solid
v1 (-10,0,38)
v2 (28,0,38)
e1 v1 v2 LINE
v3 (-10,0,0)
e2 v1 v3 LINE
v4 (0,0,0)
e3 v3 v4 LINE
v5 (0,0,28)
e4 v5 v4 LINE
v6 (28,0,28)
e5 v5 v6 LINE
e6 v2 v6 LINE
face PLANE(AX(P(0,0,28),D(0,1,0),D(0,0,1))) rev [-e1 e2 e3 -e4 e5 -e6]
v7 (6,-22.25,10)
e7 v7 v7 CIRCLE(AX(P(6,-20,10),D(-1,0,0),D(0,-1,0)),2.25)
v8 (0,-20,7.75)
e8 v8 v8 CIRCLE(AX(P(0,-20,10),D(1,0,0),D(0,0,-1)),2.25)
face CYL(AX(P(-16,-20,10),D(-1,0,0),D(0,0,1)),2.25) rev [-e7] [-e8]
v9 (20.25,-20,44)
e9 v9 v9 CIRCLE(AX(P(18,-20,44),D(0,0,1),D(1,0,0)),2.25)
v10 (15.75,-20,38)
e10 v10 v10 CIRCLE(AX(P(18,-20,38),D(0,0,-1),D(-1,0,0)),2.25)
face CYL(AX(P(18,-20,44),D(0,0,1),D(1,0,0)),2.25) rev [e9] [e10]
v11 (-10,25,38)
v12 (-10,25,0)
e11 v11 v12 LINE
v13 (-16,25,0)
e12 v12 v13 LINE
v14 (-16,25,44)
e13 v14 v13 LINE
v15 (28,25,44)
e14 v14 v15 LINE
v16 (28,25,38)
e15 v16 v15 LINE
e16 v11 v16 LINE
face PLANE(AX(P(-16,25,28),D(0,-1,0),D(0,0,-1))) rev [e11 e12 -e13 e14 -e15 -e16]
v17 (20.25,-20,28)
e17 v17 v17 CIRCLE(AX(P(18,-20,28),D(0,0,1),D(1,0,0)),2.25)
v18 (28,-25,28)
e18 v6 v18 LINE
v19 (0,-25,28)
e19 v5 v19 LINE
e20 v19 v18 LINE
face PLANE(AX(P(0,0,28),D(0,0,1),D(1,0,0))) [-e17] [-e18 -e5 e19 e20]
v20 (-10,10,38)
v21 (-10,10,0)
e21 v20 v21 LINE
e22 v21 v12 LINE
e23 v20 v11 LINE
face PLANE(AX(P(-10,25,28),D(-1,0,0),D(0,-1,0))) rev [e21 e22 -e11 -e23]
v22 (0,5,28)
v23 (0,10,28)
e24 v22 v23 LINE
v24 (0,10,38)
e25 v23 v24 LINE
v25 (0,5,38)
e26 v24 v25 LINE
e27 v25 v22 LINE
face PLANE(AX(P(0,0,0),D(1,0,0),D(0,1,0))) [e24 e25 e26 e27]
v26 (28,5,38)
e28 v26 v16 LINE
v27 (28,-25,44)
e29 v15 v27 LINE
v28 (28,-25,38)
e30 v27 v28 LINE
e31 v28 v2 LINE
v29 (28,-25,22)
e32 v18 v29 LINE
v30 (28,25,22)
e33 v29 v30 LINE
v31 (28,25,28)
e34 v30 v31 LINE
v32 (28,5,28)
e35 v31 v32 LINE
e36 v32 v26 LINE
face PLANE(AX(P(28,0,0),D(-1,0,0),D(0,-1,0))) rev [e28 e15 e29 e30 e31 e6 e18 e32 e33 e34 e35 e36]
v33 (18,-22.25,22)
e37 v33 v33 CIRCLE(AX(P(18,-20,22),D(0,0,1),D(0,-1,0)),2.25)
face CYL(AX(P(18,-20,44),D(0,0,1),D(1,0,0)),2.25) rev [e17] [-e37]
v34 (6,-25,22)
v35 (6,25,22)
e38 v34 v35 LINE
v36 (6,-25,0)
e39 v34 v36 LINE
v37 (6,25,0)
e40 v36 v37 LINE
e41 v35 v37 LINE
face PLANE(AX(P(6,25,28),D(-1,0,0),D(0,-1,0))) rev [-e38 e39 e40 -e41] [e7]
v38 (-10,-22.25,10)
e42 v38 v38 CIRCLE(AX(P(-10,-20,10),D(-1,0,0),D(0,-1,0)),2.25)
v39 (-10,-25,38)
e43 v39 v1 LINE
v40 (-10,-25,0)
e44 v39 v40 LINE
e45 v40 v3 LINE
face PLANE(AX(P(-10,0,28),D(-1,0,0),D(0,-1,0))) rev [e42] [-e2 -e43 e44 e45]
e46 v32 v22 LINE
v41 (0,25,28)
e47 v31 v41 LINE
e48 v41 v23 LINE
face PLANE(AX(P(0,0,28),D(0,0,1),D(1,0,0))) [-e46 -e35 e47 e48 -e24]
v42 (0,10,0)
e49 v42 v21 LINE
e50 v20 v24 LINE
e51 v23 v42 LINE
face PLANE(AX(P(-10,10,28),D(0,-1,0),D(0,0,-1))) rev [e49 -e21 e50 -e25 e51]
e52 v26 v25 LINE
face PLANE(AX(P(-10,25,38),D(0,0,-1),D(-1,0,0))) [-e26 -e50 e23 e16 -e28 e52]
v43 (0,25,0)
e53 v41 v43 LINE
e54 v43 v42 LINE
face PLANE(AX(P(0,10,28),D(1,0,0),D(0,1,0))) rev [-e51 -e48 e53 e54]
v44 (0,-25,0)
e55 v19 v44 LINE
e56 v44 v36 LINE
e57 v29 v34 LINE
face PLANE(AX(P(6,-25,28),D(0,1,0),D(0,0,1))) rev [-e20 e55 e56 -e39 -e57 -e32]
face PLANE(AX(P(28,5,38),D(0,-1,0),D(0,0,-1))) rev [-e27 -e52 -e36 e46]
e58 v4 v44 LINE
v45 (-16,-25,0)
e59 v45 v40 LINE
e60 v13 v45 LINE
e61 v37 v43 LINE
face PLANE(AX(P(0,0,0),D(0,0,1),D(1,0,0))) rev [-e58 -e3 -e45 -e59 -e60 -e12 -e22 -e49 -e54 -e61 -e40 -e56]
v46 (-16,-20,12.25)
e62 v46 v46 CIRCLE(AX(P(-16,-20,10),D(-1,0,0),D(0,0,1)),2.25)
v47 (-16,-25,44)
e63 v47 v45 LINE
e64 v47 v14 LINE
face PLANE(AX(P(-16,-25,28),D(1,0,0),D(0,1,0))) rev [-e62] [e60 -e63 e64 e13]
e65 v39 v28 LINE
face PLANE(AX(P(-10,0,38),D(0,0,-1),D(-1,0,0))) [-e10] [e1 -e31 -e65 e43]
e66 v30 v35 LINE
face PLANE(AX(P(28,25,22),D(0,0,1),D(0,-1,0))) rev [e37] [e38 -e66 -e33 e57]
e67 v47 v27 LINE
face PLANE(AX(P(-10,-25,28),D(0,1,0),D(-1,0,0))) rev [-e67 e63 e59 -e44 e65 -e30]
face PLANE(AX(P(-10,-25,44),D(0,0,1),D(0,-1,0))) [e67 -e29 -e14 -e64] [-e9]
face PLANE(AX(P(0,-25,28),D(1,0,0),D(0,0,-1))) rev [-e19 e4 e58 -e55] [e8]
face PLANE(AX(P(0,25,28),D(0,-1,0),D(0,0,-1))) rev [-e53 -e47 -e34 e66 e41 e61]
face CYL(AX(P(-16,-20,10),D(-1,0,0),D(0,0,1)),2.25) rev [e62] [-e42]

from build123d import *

# Parameters (mm, degrees)
ESTRUSIONE_ESTRUSIONE1_DEPTH = 28
ESTRUSIONE_ESTRUSIONE2_DEPTH = 16
SCHIZZO4_W                   = 16
SCHIZZO4_H                   = 50
ESTRUSIONE_ESTRUSIONE3_DEPTH = 6
ESTRUSIONE_ESTRUSIONE4_DEPTH = 22
FORO_PER_VITE_M4_1_D         = 4.5
FORO_PER_VITE_M4_1_DEPTH     = 30
FORO_PER_VITE_M4_1_TIP       = 1.351936393
FORO_PER_VITE_M4_2_D         = 4.5
FORO_PER_VITE_M4_2_DEPTH     = 30
FORO_PER_VITE_M4_2_TIP       = 1.351936393
SCHIZZO10_W                  = 10
SCHIZZO10_H                  = 5
TAGLIO_ESTRUSIONE1_DEPTH     = 6


with BuildPart() as part:
    # Schizzo2 → Estrusione-Estrusione1 (new body)
    with BuildSketch(Plane.XY):
        Polygon((0, 0), (-10, 0), (-10, -25), (-16, -25), (-16, 25), (-10, 25), (-10, 10), (0, 10), (0, 25), (6, 25), (6, -25), (0, -25), align=None)
    extrude(amount=ESTRUSIONE_ESTRUSIONE1_DEPTH)

    # Schizzo3 → Estrusione-Estrusione2 (add)
    with BuildSketch(Plane(origin=(6, 0, 0), x_dir=(0, 0, -1), z_dir=(1, 0, 0))):
        Polygon((-28, 0), (-38, 0), (-38, -25), (-44, -25), (-44, 25), (-38, 25), (-38, 10), (-28, 10), align=None)
    extrude(amount=-ESTRUSIONE_ESTRUSIONE2_DEPTH)

    # Schizzo4 → Estrusione-Estrusione3 (add)
    with BuildSketch(Plane.ZY.offset(10)):
        with Locations((36, 0)):
            Rectangle(SCHIZZO4_W, SCHIZZO4_H)
    extrude(amount=ESTRUSIONE_ESTRUSIONE3_DEPTH)

    # Schizzo5 → Estrusione-Estrusione4 (add)
    with BuildSketch(Plane(origin=(6, 0, 0), x_dir=(0, 0, -1), z_dir=(1, 0, 0))):
        Polygon((-38, -25), (-44, -25), (-44, 25), (-38, 25), (-38, 5), (-28, 5), (-28, 25), (-22, 25), (-22, -25), (-28, -25), (-28, 0), (-38, 0), align=None)
    extrude(amount=ESTRUSIONE_ESTRUSIONE4_DEPTH)

    # Foro per Vite M4-1
    with Locations(Plane.XY.offset(44)):
        with Locations((18, -20)):
            Hole(FORO_PER_VITE_M4_1_D / 2, depth=FORO_PER_VITE_M4_1_DEPTH)
            with Locations((0, 0, -(FORO_PER_VITE_M4_1_DEPTH + FORO_PER_VITE_M4_1_TIP / 2))):  # 118° drill point
                Cone(0, FORO_PER_VITE_M4_1_D / 2, FORO_PER_VITE_M4_1_TIP, mode=Mode.SUBTRACT)

    # Foro per Vite M4-2
    with Locations(Plane.ZY.offset(16)):
        with Locations((10, -20)):
            Hole(FORO_PER_VITE_M4_2_D / 2, depth=FORO_PER_VITE_M4_2_DEPTH)
            with Locations((0, 0, -(FORO_PER_VITE_M4_2_DEPTH + FORO_PER_VITE_M4_2_TIP / 2))):  # 118° drill point
                Cone(0, FORO_PER_VITE_M4_2_D / 2, FORO_PER_VITE_M4_2_TIP, mode=Mode.SUBTRACT)

    # Schizzo10 → Taglio-Estrusione1 (cut)
    with BuildSketch(Plane(origin=(6, 0, 0), x_dir=(0, 0, -1), z_dir=(1, 0, 0))):
        with Locations((-33, 7.5)):
            Rectangle(SCHIZZO10_W, SCHIZZO10_H)
    extrude(amount=-TAGLIO_ESTRUSIONE1_DEPTH, mode=Mode.SUBTRACT)


solid = part.part
